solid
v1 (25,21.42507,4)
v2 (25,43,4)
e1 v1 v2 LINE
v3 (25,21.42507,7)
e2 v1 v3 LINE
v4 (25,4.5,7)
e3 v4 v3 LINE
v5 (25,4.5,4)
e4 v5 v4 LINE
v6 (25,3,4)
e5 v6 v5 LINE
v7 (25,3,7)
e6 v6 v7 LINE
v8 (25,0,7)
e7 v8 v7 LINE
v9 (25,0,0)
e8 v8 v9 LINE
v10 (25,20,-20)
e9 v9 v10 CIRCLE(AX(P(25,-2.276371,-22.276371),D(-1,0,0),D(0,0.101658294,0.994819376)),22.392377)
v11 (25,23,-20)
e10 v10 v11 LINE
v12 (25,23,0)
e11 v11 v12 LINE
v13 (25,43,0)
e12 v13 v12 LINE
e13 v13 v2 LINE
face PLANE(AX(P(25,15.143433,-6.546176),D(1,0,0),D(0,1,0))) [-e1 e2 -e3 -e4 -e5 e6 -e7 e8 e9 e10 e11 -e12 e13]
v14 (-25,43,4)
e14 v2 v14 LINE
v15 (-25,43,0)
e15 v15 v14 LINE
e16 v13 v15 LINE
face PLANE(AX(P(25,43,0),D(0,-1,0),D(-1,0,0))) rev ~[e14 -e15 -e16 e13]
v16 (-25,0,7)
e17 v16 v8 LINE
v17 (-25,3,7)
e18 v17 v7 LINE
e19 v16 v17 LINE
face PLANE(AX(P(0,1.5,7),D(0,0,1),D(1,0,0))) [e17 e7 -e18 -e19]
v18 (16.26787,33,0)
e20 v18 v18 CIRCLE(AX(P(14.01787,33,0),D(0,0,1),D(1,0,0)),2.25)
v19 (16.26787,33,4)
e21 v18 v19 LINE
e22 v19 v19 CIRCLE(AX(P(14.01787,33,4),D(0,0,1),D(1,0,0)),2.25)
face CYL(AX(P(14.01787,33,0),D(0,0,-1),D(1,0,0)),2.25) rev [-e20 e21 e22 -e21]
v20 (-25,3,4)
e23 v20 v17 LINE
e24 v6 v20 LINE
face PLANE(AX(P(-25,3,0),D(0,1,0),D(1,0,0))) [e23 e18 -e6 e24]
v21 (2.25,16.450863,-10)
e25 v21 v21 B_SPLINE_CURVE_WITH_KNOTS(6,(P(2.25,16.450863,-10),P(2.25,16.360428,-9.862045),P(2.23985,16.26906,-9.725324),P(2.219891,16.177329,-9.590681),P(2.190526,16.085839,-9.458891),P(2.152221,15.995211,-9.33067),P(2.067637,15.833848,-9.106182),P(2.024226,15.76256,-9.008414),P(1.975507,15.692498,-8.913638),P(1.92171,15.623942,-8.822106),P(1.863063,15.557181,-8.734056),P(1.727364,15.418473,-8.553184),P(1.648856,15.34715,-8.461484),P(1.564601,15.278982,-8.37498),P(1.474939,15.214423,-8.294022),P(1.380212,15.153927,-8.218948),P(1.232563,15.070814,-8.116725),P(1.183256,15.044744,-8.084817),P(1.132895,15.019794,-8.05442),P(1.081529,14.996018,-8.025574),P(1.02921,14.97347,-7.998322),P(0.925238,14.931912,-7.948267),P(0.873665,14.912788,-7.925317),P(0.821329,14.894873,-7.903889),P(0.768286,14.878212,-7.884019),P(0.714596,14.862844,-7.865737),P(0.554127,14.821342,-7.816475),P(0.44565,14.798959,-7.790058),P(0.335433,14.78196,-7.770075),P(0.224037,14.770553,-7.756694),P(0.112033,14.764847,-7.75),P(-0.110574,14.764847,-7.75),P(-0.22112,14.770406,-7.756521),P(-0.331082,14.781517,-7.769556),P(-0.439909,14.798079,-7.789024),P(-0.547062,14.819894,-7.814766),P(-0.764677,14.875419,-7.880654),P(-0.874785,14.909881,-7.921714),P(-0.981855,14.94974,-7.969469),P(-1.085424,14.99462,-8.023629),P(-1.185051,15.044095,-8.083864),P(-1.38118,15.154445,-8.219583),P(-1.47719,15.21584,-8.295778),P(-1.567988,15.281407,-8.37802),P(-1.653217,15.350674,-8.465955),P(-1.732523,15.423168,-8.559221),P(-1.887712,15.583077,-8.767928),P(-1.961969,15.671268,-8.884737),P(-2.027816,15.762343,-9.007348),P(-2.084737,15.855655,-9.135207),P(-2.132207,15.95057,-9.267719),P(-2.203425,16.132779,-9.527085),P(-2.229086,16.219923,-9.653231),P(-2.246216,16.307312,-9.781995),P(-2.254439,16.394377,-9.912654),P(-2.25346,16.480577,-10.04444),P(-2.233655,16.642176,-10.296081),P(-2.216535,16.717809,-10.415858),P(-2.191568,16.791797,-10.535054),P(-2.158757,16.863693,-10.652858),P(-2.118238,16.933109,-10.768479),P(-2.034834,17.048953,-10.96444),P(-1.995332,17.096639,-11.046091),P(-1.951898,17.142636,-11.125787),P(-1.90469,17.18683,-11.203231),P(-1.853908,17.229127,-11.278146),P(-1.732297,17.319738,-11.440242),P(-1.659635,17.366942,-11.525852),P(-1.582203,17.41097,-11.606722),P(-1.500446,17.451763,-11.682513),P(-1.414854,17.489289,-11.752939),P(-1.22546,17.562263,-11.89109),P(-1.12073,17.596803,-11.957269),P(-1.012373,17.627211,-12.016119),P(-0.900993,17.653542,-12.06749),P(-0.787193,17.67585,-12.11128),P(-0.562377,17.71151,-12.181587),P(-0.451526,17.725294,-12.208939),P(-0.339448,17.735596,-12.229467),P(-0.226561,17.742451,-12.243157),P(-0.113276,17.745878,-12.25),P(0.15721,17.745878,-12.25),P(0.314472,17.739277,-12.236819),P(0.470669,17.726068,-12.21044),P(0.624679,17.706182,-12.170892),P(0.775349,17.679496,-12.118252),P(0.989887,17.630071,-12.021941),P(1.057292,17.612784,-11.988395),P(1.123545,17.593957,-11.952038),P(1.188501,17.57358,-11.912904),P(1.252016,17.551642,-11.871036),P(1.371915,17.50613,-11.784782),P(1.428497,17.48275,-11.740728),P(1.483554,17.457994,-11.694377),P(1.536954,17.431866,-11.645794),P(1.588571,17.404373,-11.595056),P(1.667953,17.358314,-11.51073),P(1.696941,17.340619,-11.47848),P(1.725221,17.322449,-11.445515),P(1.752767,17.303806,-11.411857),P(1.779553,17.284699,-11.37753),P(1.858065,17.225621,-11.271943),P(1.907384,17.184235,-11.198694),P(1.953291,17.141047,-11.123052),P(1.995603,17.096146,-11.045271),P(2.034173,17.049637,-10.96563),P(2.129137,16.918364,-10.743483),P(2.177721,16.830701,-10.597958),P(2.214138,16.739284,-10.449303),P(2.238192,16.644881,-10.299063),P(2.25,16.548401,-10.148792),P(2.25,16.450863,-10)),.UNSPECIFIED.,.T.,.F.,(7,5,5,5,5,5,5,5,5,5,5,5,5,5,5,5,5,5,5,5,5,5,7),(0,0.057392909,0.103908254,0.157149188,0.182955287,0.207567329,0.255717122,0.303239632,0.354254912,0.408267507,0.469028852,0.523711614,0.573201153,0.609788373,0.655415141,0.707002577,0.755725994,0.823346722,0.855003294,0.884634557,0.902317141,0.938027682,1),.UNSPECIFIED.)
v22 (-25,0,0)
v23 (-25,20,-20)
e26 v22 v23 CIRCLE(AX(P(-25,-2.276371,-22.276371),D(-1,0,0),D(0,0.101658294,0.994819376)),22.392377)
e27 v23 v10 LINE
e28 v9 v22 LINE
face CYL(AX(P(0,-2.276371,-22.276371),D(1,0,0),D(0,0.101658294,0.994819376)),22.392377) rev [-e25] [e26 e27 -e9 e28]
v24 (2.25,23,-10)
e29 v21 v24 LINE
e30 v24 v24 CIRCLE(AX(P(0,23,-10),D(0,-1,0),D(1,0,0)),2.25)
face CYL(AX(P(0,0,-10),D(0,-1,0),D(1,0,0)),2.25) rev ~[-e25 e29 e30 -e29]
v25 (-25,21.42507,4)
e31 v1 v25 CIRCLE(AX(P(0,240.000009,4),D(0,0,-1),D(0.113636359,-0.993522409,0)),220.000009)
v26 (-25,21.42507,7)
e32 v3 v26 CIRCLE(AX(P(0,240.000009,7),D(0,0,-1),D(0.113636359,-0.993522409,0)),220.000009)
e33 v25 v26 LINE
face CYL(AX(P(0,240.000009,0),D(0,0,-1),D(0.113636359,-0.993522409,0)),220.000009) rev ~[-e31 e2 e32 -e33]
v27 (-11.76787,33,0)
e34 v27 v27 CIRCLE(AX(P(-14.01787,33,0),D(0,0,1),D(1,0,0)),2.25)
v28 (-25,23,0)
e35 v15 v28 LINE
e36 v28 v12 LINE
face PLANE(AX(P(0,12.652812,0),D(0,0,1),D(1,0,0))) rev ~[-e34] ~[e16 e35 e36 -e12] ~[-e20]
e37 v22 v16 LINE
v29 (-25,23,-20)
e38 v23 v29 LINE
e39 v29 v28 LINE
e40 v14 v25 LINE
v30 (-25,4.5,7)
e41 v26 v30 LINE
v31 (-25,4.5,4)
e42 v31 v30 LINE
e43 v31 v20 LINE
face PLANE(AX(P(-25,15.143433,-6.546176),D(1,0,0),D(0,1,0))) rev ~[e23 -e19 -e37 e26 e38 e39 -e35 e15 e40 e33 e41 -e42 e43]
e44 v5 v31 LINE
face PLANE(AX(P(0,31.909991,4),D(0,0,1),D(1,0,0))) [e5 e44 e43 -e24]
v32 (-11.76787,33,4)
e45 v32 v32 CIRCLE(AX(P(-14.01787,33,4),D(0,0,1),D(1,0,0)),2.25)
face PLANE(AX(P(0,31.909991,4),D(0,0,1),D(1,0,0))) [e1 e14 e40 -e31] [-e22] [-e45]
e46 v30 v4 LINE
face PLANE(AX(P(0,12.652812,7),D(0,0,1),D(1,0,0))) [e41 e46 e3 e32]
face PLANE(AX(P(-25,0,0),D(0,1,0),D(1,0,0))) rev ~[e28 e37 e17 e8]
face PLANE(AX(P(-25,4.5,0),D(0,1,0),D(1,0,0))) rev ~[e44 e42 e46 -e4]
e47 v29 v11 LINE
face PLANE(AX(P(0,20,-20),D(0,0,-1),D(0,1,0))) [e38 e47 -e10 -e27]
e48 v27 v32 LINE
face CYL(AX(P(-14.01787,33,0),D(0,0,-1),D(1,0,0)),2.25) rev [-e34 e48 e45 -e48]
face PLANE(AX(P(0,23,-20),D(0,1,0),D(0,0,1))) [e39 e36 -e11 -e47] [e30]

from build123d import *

# Parameters (mm, degrees)
F0_R          = 2.25
F0_W          = 50
F0_H          = 1.5
F0_H_2        = 3
F1_DEPTH      = 4
F2_DEPTH      = 7
F4_DEPTH      = 25
F4_DEPTH_BACK = 25
F6_R          = 2.25
F7_DEPTH      = 23
F6_R_2        = 3.75
F8_DEPTH      = 10


with BuildPart() as f1:
    # F0 (on Top) → F1 (new body)
    with BuildSketch(Plane.XY):
        with BuildLine():
            Line((-25, 43), (-25, 21.42507))
            ThreePointArc((-25, 21.42507), (0, 20), (25, 21.42507))
            Line((25, 21.42507), (25, 43))
            Line((25, 43), (-25, 43))
        make_face()
        with Locations((-14.01787, 33)):
            Circle(F0_R, mode=Mode.SUBTRACT)
        with Locations((14.01787, 33)):
            Circle(F0_R, mode=Mode.SUBTRACT)
        with BuildLine():
            ThreePointArc((25, 21.42507), (0, 20), (-25, 21.42507))
            Line((-25, 21.42507), (-25, 4.5))
            Line((-25, 4.5), (25, 4.5))
            Line((25, 4.5), (25, 21.42507))
        make_face()
        with Locations((0, 3.75)):
            Rectangle(F0_W, F0_H)
        with Locations((0, 1.5)):
            Rectangle(F0_W, F0_H_2)
    extrude(amount=F1_DEPTH)

    # F0 (on Top) → F2 (join)
    with BuildSketch(Plane.XY):
        with BuildLine():
            ThreePointArc((25, 21.42507), (0, 20), (-25, 21.42507))
            Line((-25, 21.42507), (-25, 4.5))
            Line((-25, 4.5), (25, 4.5))
            Line((25, 4.5), (25, 21.42507))
        make_face()
        with Locations((0, 1.5)):
            Rectangle(F0_W, F0_H_2)
    extrude(amount=F2_DEPTH)

    # F3 (on Right) → F4 (join, two sides)
    with BuildSketch(Plane.YZ) as f4_sk:
        with BuildLine():
            Line((23, 0), (0, 0))
            ThreePointArc((0, 0), (13.557431, -6.442569), (20, -20))
            Line((20, -20), (23, -20))
            Line((23, -20), (23, 0))
        make_face()
    extrude(amount=F4_DEPTH)
    extrude(f4_sk.sketch, amount=-F4_DEPTH_BACK)

    # F6 (on Front) → F7 (cut, through all)
    with BuildSketch(Plane.XZ):
        with Locations((0, -10)):
            Circle(F6_R)
    extrude(amount=-F7_DEPTH, mode=Mode.SUBTRACT)

    # F6 (on Front) → F8 (cut)
    with BuildSketch(Plane.XZ):
        with Locations((0, -10)):
            Circle(F6_R_2)
        with Locations((0, -10)):
            Circle(F6_R, mode=Mode.SUBTRACT)
    extrude(amount=-F8_DEPTH, mode=Mode.SUBTRACT)


solid = f1.part
